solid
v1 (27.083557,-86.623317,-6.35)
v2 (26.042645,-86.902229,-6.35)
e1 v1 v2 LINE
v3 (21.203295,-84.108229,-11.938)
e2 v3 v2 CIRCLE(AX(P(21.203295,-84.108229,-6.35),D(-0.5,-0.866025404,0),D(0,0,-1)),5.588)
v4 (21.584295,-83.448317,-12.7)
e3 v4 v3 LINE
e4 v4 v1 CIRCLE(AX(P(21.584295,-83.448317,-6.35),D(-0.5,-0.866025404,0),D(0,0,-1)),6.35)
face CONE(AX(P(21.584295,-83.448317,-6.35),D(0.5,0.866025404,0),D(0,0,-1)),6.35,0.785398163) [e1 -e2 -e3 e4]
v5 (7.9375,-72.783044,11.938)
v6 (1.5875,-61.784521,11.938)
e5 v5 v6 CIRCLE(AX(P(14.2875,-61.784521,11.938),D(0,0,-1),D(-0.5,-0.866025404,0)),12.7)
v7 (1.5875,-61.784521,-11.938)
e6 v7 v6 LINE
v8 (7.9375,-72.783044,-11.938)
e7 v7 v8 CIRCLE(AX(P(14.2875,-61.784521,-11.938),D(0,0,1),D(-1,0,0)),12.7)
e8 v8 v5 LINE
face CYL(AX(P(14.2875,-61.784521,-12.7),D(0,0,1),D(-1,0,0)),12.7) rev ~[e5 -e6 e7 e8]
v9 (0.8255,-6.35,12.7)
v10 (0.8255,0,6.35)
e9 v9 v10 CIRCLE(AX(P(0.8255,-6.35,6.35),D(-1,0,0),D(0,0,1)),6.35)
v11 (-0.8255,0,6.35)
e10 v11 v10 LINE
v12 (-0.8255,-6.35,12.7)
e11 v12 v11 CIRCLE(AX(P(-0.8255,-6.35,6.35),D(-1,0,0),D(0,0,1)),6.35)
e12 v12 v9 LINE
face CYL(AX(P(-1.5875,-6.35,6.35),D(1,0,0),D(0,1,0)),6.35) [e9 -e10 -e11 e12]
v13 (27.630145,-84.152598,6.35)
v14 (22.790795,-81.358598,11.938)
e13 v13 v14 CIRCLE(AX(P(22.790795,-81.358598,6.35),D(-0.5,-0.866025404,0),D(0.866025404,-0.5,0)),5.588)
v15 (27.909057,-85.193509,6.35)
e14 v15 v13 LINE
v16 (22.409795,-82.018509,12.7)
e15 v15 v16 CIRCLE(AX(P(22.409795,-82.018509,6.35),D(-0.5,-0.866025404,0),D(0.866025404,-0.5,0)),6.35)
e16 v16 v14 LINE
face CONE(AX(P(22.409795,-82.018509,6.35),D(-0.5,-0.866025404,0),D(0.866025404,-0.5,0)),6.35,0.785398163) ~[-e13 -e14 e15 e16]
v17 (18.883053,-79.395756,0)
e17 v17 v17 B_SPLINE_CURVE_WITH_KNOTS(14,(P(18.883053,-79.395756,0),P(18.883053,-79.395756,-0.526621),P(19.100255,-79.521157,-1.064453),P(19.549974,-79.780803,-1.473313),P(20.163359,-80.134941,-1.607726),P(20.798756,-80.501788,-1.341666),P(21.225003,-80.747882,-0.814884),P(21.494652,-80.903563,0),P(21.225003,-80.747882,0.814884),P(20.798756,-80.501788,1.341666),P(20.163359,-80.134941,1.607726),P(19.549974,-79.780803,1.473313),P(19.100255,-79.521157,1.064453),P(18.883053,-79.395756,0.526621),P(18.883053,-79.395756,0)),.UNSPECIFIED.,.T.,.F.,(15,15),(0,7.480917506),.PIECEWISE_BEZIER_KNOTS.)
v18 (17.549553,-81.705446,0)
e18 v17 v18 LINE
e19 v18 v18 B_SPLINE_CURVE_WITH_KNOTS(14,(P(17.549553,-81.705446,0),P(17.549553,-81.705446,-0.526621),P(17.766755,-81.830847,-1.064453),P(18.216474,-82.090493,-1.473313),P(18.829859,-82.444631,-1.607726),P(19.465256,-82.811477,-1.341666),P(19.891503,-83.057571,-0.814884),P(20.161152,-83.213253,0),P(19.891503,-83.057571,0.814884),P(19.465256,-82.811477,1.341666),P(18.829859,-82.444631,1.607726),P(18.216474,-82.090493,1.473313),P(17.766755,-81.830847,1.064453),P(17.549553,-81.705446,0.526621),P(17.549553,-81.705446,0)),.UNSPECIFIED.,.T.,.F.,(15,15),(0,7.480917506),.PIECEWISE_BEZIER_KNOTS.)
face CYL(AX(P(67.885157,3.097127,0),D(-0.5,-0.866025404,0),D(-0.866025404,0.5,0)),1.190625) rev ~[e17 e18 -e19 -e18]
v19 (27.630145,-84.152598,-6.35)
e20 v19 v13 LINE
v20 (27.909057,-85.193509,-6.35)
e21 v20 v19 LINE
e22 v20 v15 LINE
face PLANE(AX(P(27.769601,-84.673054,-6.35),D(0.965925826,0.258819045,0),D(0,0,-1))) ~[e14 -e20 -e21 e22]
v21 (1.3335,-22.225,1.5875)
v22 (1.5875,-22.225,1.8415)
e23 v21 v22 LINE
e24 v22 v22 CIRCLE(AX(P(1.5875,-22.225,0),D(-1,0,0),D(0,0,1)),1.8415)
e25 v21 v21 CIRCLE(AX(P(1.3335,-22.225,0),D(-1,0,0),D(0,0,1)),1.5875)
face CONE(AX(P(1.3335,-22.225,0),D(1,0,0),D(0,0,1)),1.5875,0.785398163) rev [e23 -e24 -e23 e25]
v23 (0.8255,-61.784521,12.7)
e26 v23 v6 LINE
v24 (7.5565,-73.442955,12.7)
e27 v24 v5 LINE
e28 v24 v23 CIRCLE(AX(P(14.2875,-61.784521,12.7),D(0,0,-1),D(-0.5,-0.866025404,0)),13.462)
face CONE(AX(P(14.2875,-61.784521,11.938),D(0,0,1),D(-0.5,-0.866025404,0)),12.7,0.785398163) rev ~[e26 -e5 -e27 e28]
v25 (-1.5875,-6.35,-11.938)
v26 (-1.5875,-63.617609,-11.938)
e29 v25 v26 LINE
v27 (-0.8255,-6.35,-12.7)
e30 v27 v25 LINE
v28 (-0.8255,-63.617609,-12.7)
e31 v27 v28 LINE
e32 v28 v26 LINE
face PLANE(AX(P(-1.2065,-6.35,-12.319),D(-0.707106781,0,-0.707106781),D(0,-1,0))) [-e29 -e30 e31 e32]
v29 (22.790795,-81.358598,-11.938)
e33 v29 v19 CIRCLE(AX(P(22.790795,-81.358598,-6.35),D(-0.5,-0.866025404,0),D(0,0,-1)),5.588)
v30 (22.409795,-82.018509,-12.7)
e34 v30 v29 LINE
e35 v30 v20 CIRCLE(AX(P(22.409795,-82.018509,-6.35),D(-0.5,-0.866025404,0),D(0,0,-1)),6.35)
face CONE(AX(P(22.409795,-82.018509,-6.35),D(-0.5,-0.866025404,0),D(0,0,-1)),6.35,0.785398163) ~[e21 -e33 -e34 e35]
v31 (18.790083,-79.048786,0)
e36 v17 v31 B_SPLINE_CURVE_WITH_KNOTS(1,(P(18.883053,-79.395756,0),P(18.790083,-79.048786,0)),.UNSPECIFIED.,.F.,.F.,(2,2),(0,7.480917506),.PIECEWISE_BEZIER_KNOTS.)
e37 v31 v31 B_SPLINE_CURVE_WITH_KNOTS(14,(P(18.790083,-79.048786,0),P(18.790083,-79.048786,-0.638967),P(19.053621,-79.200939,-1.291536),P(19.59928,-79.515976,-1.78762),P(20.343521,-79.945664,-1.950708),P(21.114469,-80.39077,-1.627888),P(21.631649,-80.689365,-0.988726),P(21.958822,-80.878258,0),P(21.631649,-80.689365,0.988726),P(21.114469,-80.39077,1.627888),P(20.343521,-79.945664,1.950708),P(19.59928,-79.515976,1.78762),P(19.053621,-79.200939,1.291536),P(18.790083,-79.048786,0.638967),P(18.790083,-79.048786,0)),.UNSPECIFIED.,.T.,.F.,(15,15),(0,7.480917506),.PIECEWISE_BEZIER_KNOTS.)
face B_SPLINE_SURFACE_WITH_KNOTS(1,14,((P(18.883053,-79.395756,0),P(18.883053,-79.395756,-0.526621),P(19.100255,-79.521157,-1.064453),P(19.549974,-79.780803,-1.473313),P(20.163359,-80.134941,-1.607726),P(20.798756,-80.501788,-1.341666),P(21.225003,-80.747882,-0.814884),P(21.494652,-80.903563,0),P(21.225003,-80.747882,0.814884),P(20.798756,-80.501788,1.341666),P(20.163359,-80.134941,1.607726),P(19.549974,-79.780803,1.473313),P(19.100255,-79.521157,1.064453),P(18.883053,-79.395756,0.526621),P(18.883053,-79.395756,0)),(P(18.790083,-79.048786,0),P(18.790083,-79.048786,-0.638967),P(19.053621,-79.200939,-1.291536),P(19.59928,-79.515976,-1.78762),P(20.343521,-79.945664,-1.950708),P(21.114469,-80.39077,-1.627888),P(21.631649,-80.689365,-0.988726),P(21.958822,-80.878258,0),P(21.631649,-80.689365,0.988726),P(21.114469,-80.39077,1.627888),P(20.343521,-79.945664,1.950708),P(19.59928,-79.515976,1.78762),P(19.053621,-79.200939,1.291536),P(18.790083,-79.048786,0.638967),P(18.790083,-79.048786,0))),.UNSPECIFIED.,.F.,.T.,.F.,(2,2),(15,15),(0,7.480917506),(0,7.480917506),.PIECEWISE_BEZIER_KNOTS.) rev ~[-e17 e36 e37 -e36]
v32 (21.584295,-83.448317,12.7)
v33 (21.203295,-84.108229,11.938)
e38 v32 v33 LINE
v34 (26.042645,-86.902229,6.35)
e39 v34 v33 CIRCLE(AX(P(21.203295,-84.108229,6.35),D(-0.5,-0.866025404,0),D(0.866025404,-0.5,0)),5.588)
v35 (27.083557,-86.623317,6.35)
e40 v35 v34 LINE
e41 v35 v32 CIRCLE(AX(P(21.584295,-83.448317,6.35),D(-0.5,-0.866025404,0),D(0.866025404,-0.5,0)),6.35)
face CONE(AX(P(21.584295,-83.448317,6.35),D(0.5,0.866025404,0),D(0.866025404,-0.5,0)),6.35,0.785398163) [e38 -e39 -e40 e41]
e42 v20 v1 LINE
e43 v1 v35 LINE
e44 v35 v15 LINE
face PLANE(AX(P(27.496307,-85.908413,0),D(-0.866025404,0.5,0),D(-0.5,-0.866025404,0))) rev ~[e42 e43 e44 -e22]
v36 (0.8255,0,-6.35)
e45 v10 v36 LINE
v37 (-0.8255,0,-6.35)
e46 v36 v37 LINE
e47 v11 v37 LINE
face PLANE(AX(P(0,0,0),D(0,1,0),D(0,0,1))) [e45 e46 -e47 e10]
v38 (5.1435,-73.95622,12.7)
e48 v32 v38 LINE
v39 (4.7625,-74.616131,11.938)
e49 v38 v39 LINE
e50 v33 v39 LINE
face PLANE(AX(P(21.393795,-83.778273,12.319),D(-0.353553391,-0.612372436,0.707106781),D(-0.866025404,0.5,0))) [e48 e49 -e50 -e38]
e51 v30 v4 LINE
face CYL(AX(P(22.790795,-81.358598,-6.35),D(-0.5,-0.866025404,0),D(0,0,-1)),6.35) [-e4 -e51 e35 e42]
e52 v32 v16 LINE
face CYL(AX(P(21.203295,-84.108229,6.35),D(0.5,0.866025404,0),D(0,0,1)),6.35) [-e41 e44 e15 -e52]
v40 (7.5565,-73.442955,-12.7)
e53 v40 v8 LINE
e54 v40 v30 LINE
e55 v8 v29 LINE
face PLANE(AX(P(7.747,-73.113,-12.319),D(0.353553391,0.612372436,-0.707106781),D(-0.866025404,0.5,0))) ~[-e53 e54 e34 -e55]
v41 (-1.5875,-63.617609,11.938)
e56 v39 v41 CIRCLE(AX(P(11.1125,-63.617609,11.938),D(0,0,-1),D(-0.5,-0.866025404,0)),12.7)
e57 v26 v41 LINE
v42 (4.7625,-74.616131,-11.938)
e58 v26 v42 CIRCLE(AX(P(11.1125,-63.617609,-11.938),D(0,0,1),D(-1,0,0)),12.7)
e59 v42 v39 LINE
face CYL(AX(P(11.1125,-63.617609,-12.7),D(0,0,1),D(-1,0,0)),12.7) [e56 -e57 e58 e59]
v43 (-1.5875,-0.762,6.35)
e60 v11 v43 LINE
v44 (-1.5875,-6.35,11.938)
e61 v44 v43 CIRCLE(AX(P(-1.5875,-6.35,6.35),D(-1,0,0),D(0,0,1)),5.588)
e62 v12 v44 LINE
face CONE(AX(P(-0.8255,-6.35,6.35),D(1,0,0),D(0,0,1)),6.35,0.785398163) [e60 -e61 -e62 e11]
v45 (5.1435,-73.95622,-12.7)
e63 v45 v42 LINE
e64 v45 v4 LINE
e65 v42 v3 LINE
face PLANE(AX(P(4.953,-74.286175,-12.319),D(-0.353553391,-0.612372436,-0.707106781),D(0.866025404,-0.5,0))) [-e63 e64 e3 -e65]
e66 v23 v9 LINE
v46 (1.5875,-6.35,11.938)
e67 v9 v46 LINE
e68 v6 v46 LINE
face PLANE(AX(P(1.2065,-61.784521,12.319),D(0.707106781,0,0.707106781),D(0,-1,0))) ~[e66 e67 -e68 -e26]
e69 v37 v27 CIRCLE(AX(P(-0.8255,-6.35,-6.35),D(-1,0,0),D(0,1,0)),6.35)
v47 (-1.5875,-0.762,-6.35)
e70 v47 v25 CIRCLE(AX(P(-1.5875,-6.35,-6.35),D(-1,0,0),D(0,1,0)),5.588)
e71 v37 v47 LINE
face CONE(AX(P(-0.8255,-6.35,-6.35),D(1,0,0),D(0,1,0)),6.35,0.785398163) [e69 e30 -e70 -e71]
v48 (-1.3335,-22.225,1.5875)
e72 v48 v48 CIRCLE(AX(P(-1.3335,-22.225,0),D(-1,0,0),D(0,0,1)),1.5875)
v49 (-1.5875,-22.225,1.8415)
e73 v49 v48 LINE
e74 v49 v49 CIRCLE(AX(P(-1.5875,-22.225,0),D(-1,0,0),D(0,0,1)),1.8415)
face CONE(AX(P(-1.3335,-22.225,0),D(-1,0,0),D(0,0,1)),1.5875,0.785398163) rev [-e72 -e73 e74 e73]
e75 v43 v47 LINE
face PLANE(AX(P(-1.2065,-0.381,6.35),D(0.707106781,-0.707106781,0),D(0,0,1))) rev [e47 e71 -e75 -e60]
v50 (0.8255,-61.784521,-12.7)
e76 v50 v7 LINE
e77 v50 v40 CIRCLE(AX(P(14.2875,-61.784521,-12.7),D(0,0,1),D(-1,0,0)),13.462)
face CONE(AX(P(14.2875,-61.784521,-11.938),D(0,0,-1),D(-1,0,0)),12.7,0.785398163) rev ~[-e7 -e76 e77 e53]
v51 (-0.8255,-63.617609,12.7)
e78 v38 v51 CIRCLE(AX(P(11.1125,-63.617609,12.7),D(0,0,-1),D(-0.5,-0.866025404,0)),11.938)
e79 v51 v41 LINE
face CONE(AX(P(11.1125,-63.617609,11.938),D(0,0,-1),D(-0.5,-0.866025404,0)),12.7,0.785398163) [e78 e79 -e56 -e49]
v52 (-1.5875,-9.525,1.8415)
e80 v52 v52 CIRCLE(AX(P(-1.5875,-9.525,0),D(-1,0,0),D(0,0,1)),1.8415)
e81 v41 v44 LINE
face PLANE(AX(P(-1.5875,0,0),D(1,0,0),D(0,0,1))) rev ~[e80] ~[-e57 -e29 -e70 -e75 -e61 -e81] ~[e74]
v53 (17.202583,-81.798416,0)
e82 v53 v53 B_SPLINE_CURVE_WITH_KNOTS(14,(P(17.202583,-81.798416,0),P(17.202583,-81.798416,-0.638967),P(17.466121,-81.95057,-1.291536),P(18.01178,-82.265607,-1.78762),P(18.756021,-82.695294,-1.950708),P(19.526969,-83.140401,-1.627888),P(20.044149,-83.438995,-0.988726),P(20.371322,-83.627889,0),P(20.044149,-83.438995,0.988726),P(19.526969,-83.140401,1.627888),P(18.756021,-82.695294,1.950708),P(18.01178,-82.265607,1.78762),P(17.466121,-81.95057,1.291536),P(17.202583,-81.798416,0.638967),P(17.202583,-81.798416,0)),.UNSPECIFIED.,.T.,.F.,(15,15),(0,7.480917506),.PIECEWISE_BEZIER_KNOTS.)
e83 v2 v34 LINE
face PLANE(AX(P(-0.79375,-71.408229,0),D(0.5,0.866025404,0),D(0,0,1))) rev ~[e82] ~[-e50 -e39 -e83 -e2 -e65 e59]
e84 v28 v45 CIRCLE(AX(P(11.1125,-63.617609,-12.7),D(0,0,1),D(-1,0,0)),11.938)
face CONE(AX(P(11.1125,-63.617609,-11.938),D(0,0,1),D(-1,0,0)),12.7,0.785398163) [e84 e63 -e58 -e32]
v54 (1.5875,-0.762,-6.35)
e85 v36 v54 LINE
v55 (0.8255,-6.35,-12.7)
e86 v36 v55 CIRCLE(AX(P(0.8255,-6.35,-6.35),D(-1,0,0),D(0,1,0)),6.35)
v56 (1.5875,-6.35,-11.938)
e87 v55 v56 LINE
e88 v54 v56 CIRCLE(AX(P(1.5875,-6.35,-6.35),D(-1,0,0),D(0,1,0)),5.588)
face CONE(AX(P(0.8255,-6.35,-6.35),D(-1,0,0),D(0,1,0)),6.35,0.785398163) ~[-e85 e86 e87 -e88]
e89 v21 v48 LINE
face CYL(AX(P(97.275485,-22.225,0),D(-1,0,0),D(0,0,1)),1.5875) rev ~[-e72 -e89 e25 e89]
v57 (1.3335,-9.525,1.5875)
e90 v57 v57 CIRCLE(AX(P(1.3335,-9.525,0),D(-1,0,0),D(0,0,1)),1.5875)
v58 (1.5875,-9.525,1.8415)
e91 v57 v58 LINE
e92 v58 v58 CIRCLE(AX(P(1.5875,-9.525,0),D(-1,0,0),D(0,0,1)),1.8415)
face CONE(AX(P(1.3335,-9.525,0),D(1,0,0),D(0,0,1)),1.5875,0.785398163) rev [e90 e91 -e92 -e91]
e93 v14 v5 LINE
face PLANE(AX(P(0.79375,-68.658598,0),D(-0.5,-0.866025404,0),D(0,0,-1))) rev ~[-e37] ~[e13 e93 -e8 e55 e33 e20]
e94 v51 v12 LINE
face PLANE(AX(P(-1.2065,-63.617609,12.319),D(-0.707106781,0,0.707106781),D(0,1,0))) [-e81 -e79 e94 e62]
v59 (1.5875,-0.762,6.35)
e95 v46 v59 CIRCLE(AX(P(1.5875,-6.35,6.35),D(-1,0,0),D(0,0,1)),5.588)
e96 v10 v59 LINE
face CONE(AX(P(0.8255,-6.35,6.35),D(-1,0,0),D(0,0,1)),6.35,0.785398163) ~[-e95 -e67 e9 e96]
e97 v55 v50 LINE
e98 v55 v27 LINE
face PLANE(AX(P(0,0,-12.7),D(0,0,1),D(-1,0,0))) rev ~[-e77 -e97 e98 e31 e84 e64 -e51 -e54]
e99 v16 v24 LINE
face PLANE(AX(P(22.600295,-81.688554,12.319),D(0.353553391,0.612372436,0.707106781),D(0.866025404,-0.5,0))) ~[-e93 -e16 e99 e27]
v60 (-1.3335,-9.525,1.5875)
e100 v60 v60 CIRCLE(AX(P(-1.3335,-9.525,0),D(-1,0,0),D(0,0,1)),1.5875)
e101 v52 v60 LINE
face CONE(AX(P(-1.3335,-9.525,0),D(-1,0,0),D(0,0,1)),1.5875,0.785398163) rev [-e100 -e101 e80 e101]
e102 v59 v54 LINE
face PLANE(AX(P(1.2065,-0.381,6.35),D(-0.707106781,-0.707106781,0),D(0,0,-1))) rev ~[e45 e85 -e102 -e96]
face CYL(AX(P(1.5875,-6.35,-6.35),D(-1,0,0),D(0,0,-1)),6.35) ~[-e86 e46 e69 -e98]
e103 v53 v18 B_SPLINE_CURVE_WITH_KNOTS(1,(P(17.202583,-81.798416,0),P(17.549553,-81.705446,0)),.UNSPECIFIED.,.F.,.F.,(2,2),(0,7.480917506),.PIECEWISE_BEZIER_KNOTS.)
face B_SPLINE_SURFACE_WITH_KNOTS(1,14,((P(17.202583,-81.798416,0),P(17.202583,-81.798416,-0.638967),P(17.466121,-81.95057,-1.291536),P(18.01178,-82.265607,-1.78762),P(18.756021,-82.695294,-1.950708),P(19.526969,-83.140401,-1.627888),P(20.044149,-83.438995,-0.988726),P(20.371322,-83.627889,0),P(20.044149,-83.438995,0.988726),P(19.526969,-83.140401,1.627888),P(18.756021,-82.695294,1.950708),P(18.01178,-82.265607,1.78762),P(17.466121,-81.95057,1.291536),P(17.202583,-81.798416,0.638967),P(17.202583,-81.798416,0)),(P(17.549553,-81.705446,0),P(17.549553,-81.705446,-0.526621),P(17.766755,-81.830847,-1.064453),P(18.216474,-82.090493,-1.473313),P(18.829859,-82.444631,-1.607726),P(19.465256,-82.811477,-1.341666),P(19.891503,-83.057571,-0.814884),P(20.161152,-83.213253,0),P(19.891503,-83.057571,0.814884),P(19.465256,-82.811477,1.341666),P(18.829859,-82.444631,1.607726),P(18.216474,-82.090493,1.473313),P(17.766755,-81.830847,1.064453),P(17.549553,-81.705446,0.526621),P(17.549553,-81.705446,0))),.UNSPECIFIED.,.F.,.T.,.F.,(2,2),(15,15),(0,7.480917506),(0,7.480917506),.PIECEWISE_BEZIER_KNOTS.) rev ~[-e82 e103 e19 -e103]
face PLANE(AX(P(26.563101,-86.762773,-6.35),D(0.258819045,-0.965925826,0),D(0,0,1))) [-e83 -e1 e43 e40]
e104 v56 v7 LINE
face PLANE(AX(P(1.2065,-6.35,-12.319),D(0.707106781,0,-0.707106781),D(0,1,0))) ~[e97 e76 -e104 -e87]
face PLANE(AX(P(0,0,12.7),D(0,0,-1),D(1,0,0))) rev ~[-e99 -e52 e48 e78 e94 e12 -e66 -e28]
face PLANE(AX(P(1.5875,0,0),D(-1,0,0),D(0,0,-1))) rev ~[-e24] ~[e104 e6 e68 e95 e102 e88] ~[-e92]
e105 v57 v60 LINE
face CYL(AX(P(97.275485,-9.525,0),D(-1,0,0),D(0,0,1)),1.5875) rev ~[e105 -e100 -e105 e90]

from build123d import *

# Parameters (mm, degrees)
SKETCH2_W                       = 3.175
SKETCH2_H                       = 25.4
F_1_8_0_125_DIAMETER_HOLE1_D    = 3.175
F_3_32_0_09375_DIAMETER_HOLE2_D = 2.38125
FILLET1_R                       = 12.7
FILLET2_R                       = 6.35
CHAMFER3_SIZE                   = 0.762
CHAMFER2_SIZE                   = 0.254


with BuildPart() as part:
    # Sweep1: sweep along a path in Sketch1
    with BuildLine(Plane.XY) as sweep1_path:
        Line((0, 0), (0, -31.75))
        Line((0, -31.75), (0, -70.0334134))
        Line((0, -70.0334134), (27.49630657, -85.9084134))
    # Sketch2 → Sweep1 (sweep)
    with BuildSketch(Plane(origin=(0, 0, 0), x_dir=(1, 0, 0), z_dir=(0, 1, 0))):
        Rectangle(SKETCH2_W, SKETCH2_H)
    sweep(path=sweep1_path.line, transition=Transition.RIGHT)

    # 1/8 (0.125) Diameter Hole1 (through all)
    with Locations(Plane(origin=(1.5875, 0, 0), x_dir=(0, 0, -1), z_dir=(1, 0, 0))):
        with Locations((0, -9.525), (0, -22.225)):
            Hole(F_1_8_0_125_DIAMETER_HOLE1_D / 2)

    # 3/32 (0.09375) Diameter Hole2 (through all)
    with Locations(Plane(origin=(-29.531607559, -51.150244721, 0), x_dir=(0.866025404, -0.5, 0), z_dir=(0.5, 0.866025404, 0))):
        with Locations((57.2417067, 0)):
            Hole(F_3_32_0_09375_DIAMETER_HOLE2_D / 2)

    # Fillet1
    fillet1_edges = [part.edges().sort_by_distance(p)[0] for p in [
        (1.5875, -69.116869848, 0),
        (-1.5875, -70.949956952, 0),
    ]]
    fillet(fillet1_edges, radius=FILLET1_R)

    # Fillet2
    fillet2_edges = [part.edges().sort_by_distance(p)[0] for p in [
        (27.49630657, -85.9084134, -12.7),
        (27.49630657, -85.9084134, 12.7),
        (0, 0, -12.7),
        (0, 0, 12.7),
    ]]
    fillet(fillet2_edges, radius=FILLET2_R)

    # Chamfer3
    chamfer3_edges = [part.edges().sort_by_distance(p)[0] for p in [
        (12.982897628, -79.362179945, -12.7),
        (12.982897628, -79.362179945, 12.7),
        (15.364147628, -77.070821064, -12.7),
        (0.113977372, -69.967608534, -12.7),
        (0.113977372, -69.967608534, -12.7),
        (0.113977372, -69.967608534, 12.7),
        (15.364147628, -77.070821064, 12.7),
        (0.113977372, -69.967608534, 12.7),
        (3.288977372, -68.134521429, 12.7),
        (3.288977372, -68.134521429, 12.7),
        (3.288977372, -68.134521429, -12.7),
        (3.288977372, -68.134521429, -12.7),
        (1.5875, -34.067260714, 12.7),
        (1.5875, -34.067260714, -12.7),
        (-1.5875, -34.983804267, -12.7),
        (-1.5875, -34.983804267, 12.7),
        (26.70255657, -87.283228729, 0),
        (25.091860223, -86.353292759, 10.840128061),
        (25.091860223, -86.353292759, -10.840128061),
        (28.29005657, -84.533598071, 0),
        (26.679360223, -83.603662102, 10.840128061),
        (26.679360223, -83.603662102, -10.840128061),
        (1.5875, 0, 0),
        (-1.5875, 0, 0),
        (-1.5875, -34.983804267, 12.7),
        (-1.5875, -34.983804267, -12.7),
        (-1.5875, -1.859871939, 10.840128061),
        (-1.5875, -1.859871939, -10.840128061),
        (1.5875, -34.067260714, -12.7),
        (1.5875, -34.067260714, 12.7),
        (1.5875, -1.859871939, 10.840128061),
        (1.5875, -1.859871939, -10.840128061),
    ]]
    chamfer(chamfer3_edges, length=CHAMFER3_SIZE)

    # Chamfer2
    chamfer2_edges = [part.edges().sort_by_distance(p)[0] for p in [
        (1.5875, -22.225, -1.5875),
        (-1.5875, -22.225, -1.5875),
        (1.5875, -9.525, -1.5875),
        (-1.5875, -9.525, -1.5875),
        (19.484776095, -83.116041229, 0),
        (21.072276095, -80.366410571, 0),
    ]]
    chamfer(chamfer2_edges, length=CHAMFER2_SIZE)


solid = part.part
